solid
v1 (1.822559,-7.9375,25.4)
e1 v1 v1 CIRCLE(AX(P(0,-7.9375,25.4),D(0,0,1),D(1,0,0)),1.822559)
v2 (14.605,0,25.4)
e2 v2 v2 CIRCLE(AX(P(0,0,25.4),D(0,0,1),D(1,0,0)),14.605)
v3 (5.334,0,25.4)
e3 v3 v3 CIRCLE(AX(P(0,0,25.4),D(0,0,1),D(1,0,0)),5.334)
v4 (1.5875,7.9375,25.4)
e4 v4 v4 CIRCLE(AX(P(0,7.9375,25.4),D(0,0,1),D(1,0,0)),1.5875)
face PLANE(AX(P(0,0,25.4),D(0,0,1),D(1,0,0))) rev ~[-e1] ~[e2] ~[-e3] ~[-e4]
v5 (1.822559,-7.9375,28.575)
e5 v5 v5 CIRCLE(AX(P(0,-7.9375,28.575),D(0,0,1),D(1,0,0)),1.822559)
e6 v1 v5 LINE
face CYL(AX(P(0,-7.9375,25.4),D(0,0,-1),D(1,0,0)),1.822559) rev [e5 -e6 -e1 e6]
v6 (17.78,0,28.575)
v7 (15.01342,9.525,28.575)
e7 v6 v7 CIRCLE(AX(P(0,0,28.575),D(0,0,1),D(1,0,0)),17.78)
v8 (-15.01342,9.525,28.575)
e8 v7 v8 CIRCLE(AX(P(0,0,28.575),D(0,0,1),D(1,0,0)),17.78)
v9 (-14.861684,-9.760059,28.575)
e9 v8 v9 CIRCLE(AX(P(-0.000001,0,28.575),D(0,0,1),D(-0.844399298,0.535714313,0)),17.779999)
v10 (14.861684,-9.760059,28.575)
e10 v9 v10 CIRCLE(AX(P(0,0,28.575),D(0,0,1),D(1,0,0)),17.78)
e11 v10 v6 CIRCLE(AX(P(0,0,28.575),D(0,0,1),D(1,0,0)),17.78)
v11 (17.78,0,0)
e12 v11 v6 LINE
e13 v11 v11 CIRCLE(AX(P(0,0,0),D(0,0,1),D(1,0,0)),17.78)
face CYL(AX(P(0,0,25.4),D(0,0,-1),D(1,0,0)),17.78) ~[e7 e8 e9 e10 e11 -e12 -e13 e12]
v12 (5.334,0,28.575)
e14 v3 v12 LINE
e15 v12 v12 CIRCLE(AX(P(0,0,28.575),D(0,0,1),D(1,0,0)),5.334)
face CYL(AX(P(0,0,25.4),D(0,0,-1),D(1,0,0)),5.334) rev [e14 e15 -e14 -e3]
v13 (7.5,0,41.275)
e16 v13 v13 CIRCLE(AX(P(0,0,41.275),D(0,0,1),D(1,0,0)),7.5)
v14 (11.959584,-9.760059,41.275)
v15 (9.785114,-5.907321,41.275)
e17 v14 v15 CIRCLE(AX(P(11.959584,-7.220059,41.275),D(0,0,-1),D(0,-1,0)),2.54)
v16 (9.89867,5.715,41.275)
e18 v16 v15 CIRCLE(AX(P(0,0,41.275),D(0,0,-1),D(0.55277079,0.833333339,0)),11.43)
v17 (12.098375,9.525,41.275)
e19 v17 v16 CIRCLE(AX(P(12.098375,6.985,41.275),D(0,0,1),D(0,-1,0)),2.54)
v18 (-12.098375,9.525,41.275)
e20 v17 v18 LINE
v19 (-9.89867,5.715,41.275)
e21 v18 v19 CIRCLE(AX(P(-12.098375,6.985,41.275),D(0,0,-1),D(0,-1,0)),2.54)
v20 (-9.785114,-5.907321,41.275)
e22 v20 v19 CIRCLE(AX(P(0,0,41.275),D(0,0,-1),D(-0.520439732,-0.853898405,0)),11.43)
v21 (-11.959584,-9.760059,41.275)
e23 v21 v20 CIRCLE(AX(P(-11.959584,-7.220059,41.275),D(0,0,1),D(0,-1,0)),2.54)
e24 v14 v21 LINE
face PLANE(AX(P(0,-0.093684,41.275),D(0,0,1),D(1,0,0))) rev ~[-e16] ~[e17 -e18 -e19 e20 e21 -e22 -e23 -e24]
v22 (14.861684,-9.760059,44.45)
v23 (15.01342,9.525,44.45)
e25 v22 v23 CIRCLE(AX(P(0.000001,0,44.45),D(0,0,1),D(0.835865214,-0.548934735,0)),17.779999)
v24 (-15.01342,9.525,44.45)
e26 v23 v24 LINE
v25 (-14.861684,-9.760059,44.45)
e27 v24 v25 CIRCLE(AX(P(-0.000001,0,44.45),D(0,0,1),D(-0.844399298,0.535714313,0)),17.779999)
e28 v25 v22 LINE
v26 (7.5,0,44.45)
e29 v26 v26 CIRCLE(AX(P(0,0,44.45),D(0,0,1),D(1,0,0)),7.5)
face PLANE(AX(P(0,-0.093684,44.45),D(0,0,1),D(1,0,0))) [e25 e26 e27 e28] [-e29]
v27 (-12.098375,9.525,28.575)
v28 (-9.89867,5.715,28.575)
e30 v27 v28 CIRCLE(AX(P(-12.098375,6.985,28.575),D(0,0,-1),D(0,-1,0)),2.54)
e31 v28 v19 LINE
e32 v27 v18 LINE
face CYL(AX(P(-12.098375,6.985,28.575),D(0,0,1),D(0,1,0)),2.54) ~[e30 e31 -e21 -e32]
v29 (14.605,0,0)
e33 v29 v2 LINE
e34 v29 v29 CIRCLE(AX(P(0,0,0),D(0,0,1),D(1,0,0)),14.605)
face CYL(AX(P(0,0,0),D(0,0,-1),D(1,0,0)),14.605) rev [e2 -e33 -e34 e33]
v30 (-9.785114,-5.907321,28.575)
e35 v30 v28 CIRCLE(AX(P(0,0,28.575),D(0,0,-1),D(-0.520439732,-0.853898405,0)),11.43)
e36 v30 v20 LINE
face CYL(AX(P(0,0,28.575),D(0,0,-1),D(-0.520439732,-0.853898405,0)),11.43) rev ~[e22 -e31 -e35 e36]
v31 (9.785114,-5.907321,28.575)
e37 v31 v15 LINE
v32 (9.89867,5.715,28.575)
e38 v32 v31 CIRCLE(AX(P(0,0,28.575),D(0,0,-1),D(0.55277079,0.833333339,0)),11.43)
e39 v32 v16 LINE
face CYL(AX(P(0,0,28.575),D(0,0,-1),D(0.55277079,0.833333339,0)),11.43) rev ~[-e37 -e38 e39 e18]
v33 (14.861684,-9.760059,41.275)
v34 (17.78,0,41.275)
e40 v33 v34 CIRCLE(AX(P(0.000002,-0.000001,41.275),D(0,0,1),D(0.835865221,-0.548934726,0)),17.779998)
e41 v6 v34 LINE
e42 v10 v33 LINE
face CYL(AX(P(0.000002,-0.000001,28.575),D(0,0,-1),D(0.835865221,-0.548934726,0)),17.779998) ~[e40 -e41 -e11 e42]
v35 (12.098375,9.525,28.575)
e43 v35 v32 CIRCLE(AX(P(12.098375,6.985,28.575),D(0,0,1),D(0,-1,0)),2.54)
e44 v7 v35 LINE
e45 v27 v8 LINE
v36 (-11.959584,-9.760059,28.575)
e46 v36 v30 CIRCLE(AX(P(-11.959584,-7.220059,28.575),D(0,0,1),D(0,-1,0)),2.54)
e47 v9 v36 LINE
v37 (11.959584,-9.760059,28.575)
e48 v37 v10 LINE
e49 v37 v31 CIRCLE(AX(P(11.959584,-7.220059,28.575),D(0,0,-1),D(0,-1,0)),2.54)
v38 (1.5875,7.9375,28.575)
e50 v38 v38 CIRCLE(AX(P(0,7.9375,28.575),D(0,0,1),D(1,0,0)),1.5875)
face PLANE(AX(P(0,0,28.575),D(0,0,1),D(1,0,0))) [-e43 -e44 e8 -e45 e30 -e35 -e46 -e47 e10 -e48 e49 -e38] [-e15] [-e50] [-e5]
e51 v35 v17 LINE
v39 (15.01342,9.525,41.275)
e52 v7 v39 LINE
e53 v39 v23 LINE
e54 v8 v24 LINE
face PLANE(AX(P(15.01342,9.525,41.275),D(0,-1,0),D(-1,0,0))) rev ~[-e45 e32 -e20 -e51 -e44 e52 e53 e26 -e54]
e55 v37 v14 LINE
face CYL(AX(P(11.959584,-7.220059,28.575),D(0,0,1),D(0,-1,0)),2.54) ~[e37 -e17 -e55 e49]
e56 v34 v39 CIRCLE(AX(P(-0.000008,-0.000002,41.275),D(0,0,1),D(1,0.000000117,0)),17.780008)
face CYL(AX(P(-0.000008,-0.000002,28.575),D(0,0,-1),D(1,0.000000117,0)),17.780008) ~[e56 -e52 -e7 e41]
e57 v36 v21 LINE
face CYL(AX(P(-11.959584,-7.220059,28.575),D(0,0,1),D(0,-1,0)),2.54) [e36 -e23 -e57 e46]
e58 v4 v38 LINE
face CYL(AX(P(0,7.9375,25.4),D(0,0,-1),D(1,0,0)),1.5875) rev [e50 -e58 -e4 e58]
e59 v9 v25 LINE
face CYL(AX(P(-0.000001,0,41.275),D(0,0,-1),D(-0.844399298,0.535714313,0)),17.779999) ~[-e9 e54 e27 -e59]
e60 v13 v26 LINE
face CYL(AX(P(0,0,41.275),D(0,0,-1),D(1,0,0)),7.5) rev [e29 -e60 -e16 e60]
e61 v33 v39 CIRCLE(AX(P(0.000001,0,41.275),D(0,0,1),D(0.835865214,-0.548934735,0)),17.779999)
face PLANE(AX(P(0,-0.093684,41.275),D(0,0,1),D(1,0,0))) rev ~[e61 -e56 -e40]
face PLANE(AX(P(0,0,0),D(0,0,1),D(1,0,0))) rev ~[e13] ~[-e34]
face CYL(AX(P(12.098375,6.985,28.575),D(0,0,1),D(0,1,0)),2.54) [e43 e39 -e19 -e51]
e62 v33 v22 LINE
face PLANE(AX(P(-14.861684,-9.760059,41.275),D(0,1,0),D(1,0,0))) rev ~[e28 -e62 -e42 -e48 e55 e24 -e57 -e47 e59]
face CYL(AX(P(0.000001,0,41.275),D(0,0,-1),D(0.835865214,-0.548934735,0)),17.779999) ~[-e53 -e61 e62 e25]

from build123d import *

# Parameters (mm, degrees)
F0_R     = 17.78
F0_R_2   = 14.605
F1_DEPTH = 25.4
F2_R     = 17.78
F2_R_2   = 1.822559
F2_R_3   = 5.334
F2_R_4   = 1.5875
F3_DEPTH = 3.175
F5_DEPTH = 12.7
F6_R     = 7.5
F7_DEPTH = 3.175
F8_R     = 2.54


with BuildPart() as f1:
    # F0 (on Top) → F1 (new body)
    with BuildSketch(Plane.XY):
        Circle(F0_R)
        Circle(F0_R_2, mode=Mode.SUBTRACT)
    extrude(amount=F1_DEPTH)

    # F2 (on face) → F3 (join)
    with BuildSketch(Plane.XY.offset(25.4)):
        Circle(F2_R)
        with Locations((0, -7.9375)):
            Circle(F2_R_2, mode=Mode.SUBTRACT)
        Circle(F2_R_3, mode=Mode.SUBTRACT)
        with Locations((0, 7.9375)):
            Circle(F2_R_4, mode=Mode.SUBTRACT)
    extrude(amount=F3_DEPTH)

    # F4 (on face) → F5 (join)
    with BuildSketch(Plane.XY.offset(28.575)):
        with BuildLine():
            Line((-6.31817, 9.525), (-15.01342, 9.525))
            ThreePointArc((-15.01342, 9.525), (-17.77945, -0.13989), (-14.861684, -9.760059))
            Line((-14.861684, -9.760059), (-5.948626, -9.760059))
            ThreePointArc((-5.948626, -9.760059), (-11.427902, -0.218984), (-6.31817, 9.525))
        make_face()
        with BuildLine():
            ThreePointArc((17.78, 0), (17.074352, 4.959324), (15.01342, 9.525))
            Line((15.01342, 9.525), (6.31817, 9.525))
            ThreePointArc((6.31817, 9.525), (11.427902, -0.218984), (5.948626, -9.760059))
            Line((5.948626, -9.760059), (14.861684, -9.760059))
            ThreePointArc((14.861684, -9.760059), (17.034805, -5.093508), (17.78, 0))
        make_face()
    extrude(amount=F5_DEPTH)

    # F6 (on face) → F7 (join)
    with BuildSketch(Plane.XY.offset(41.275)):
        with BuildLine():
            Line((15.01342, 9.525), (-15.01342, 9.525))
            ThreePointArc((-15.01342, 9.525), (-17.77945, -0.13989), (-14.861684, -9.760059))
            Line((-14.861684, -9.760059), (14.861684, -9.760059))
            ThreePointArc((14.861684, -9.760059), (17.77945, -0.13989), (15.01342, 9.525))
        make_face()
        Circle(F6_R, mode=Mode.SUBTRACT)
    extrude(amount=F7_DEPTH)

    # F8
    f8_edges = [f1.edges().sort_by_distance(p)[0] for p in [
        (-5.948626, -9.760059, 34.925),
        (5.948626, -9.760059, 34.925),
        (-6.31817, 9.525, 34.925),
        (6.31817, 9.525, 34.925),
    ]]
    fillet(f8_edges, radius=F8_R)


solid = f1.part
